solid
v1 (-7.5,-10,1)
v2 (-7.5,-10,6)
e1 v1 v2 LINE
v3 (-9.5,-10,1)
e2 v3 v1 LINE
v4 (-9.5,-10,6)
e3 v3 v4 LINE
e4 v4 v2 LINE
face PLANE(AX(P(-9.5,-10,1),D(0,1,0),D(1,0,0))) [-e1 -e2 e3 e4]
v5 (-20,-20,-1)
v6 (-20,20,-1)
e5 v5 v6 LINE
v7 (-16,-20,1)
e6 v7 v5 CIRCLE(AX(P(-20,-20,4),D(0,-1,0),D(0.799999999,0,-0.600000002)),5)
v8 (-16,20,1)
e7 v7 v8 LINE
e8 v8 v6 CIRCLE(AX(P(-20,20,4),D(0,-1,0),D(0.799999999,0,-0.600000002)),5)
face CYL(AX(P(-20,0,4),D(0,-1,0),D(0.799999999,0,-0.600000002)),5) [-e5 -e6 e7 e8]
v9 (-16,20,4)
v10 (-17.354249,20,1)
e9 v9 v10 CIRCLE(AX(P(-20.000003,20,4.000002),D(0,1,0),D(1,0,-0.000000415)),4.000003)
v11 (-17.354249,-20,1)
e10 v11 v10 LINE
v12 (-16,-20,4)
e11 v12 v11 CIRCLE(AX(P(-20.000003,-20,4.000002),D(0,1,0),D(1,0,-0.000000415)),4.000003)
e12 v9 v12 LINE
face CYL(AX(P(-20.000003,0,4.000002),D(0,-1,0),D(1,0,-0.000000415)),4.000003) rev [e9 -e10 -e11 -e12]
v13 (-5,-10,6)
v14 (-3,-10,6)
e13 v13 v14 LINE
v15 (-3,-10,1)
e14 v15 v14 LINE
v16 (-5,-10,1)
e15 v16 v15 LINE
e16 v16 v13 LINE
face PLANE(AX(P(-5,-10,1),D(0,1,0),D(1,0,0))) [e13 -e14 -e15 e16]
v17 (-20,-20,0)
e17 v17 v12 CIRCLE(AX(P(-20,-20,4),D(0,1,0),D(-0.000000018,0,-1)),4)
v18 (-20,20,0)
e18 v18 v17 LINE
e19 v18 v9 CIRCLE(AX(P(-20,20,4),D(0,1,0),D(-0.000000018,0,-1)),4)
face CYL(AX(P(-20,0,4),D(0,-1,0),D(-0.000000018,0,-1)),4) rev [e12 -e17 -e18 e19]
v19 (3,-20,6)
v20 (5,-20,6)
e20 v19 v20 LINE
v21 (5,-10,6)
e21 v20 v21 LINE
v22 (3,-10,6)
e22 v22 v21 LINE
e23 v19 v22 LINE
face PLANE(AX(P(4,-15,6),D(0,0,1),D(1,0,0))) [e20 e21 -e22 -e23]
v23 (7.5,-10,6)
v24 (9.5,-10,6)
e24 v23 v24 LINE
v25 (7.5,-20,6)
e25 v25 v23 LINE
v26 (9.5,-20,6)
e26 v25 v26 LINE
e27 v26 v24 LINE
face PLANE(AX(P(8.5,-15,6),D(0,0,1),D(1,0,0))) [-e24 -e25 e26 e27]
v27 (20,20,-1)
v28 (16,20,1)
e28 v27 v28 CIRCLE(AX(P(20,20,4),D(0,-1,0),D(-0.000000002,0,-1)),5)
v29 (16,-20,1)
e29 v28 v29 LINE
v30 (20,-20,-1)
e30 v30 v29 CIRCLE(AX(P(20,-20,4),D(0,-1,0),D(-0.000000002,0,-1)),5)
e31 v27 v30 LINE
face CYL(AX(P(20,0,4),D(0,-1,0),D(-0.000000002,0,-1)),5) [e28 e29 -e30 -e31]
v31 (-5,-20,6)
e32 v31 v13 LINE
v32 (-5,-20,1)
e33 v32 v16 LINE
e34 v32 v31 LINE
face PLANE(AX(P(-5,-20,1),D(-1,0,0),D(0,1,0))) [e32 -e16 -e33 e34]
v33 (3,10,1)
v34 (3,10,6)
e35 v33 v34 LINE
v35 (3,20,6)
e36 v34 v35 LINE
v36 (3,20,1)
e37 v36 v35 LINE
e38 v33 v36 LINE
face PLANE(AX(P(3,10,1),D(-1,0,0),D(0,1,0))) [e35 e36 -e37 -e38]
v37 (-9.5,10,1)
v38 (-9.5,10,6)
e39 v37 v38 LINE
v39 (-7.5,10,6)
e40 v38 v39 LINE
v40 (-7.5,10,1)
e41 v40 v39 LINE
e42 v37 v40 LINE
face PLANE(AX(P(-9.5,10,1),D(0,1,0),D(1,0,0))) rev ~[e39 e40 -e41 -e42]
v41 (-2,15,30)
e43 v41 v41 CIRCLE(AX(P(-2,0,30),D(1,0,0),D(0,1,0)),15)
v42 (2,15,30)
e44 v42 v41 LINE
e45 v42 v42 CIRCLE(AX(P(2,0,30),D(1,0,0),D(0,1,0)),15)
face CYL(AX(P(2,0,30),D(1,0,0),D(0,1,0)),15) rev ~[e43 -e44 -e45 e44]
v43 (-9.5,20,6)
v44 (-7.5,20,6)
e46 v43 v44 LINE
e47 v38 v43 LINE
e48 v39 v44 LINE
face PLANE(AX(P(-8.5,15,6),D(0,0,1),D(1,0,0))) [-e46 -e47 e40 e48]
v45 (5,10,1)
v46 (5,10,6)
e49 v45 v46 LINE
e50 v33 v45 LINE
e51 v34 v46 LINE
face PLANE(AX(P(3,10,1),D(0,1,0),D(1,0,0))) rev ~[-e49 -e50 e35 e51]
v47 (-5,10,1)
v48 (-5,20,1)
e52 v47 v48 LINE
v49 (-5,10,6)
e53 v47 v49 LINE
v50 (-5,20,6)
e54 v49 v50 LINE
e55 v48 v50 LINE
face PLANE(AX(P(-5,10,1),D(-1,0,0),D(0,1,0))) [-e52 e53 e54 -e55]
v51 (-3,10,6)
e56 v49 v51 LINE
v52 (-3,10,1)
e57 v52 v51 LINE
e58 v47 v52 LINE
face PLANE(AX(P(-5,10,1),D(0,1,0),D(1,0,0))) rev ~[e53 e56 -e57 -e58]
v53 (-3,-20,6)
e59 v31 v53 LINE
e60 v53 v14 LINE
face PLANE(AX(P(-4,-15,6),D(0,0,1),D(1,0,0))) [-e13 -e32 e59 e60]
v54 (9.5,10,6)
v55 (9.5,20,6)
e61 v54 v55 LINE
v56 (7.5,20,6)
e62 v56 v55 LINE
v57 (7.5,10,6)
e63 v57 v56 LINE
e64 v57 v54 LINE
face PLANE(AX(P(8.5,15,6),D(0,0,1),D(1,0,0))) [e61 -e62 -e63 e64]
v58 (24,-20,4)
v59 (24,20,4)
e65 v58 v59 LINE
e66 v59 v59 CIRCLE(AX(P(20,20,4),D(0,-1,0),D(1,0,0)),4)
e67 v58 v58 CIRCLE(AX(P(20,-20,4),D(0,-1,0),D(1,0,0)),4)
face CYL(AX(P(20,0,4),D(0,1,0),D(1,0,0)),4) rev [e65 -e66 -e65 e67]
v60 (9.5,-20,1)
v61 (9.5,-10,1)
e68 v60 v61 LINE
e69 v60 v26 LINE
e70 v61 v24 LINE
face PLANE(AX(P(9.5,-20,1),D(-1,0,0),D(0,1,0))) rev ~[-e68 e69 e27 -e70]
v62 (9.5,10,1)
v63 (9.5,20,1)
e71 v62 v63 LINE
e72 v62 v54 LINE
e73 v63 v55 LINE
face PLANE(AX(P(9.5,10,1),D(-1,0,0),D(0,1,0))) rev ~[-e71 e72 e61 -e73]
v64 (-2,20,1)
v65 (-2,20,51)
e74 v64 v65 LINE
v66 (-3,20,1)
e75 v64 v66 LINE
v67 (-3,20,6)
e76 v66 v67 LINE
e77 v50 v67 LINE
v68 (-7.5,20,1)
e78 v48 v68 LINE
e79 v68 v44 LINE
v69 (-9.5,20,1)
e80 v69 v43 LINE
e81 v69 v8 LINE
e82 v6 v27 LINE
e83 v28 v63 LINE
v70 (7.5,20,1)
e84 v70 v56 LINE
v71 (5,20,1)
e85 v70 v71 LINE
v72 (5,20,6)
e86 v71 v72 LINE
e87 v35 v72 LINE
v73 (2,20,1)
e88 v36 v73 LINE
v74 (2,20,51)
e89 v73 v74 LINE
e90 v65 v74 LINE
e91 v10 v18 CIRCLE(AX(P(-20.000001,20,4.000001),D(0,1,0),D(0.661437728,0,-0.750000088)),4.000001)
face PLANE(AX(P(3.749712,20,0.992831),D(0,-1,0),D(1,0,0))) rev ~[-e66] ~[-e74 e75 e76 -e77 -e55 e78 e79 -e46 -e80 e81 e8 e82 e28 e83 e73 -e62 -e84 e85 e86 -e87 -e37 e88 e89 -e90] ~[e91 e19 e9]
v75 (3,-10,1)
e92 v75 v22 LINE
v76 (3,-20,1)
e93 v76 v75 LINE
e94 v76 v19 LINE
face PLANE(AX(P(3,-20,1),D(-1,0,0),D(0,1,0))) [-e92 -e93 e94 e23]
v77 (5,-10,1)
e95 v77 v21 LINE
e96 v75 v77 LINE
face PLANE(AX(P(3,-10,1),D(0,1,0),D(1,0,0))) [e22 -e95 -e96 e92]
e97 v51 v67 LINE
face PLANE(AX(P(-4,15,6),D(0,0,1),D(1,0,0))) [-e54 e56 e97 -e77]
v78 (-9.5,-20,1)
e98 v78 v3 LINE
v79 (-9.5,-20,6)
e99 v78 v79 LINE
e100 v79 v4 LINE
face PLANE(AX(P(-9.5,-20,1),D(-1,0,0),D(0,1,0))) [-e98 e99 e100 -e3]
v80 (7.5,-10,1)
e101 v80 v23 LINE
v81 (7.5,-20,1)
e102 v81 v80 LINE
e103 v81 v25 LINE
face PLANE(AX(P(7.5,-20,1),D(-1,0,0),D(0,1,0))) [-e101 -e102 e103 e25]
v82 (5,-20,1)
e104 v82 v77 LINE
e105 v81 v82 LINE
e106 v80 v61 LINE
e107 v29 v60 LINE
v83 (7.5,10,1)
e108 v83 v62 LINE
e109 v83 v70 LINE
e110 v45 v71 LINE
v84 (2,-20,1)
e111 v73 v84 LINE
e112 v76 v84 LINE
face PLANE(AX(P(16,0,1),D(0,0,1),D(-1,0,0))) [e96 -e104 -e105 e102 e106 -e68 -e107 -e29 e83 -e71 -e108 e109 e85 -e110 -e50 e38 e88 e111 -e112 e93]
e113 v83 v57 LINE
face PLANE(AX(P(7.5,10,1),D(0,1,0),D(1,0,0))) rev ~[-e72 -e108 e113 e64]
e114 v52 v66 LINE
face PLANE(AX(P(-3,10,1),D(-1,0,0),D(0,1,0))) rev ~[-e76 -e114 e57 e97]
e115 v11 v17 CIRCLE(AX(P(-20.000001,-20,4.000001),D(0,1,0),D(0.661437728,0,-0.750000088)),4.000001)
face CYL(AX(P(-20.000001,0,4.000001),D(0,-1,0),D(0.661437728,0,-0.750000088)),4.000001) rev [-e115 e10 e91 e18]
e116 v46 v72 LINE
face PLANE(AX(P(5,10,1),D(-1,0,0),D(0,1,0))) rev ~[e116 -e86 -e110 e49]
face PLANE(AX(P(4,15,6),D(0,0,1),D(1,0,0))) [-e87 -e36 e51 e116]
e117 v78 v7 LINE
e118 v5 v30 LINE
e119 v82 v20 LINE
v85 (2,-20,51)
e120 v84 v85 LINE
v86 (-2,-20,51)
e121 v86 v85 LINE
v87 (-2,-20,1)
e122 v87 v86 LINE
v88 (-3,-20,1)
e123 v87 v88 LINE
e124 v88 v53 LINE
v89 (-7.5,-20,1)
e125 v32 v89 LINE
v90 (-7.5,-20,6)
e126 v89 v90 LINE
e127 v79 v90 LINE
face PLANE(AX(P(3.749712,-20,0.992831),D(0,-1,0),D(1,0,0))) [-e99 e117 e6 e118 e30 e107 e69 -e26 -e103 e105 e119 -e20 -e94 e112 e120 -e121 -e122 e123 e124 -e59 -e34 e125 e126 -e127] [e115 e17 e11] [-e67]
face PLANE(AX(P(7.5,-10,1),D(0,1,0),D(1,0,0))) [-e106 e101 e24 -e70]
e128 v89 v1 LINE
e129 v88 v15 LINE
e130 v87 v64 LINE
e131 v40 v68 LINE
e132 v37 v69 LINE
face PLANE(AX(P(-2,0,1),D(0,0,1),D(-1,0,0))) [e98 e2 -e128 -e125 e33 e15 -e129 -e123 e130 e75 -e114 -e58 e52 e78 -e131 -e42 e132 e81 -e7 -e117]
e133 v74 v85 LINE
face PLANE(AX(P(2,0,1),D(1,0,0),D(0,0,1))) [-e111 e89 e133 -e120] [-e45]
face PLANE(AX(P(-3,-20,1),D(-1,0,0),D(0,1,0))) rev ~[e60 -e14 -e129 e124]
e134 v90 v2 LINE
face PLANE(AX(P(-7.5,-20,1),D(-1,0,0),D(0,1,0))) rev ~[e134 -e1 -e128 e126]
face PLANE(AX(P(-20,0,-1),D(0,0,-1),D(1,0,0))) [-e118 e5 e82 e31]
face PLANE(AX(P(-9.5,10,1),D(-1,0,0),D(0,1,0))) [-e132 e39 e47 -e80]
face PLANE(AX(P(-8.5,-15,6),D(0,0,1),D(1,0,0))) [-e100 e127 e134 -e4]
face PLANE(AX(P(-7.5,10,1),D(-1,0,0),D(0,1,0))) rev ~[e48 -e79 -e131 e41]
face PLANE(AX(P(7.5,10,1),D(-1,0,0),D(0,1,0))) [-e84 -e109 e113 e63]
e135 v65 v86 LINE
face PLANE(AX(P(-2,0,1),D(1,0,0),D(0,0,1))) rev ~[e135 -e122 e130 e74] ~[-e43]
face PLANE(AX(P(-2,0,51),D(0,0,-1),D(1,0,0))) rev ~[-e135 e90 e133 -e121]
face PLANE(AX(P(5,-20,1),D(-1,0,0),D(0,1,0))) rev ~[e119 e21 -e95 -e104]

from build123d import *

# Parameters (mm, degrees)
F0_R     = 4
F0_W     = 4
F0_H     = 50
F1_DEPTH = 20
F2_W     = 2
F2_H     = 10
F3_DEPTH = 5
F4_R     = 15
F5_DEPTH = 25
F6_DEPTH = 5


with BuildPart() as f1:
    # F0 (on Front) → F1 (new body, symmetric)
    with BuildSketch(Plane.XZ):
        with BuildLine():
            Line((-20, -1), (20, -1))
            ThreePointArc((20, -1), (22.236068, 8.472136), (16, 1))
            Line((16, 1), (2, 1))
            Line((2, 1), (-2, 1))
            Line((-2, 1), (-16, 1))
            Line((-16, 1), (-17.354249, 1))
            ThreePointArc((-17.354249, 1), (-18.585786, 0.258343), (-20, 0))
            Line((-20, 0), (-20, -1))
        make_face()
        with Locations((20, 4)):
            Circle(F0_R, mode=Mode.SUBTRACT)
        with BuildLine():
            ThreePointArc((-16, 1), (-22.236068, 8.472136), (-20, -1))
            Line((-20, -1), (-20, 0))
            ThreePointArc((-20, 0), (-22.828427, 6.828427), (-16, 4))
            ThreePointArc((-16, 4), (-16.354249, 2.354249), (-17.354249, 1))
            Line((-17.354249, 1), (-16, 1))
        make_face()
        with Locations((0, 26)):
            Rectangle(F0_W, F0_H)
    extrude(amount=F1_DEPTH, both=True)

    # F2 (on face) → F3 (join)
    with BuildSketch(Plane.XY.offset(1)):
        with Locations((8.5, -15)):
            Rectangle(F2_W, F2_H)
        with Locations((4, -15)):
            Rectangle(F2_W, F2_H)
        with Locations((-8.5, -15)):
            Rectangle(F2_W, F2_H)
        with Locations((-4, -15)):
            Rectangle(F2_W, F2_H)
        with Locations((8.5, 15)):
            Rectangle(F2_W, F2_H)
        with Locations((-8.5, 15)):
            Rectangle(F2_W, F2_H)
        with Locations((-4, 15)):
            Rectangle(F2_W, F2_H)
        with Locations((4, 15)):
            Rectangle(F2_W, F2_H)
    extrude(amount=F3_DEPTH)

    # F4 (on face) → F5 (cut)
    with BuildSketch(Plane.YZ.offset(2)):
        with Locations((0, 30)):
            Circle(F4_R)
    extrude(amount=-F5_DEPTH, mode=Mode.SUBTRACT)

    # F2 (on face) → F6 (join)
    with BuildSketch(Plane.XY.offset(1)):
        with Locations((8.5, -15)):
            Rectangle(F2_W, F2_H)
        with Locations((4, -15)):
            Rectangle(F2_W, F2_H)
        with Locations((-8.5, -15)):
            Rectangle(F2_W, F2_H)
        with Locations((-4, -15)):
            Rectangle(F2_W, F2_H)
        with Locations((8.5, 15)):
            Rectangle(F2_W, F2_H)
        with Locations((-8.5, 15)):
            Rectangle(F2_W, F2_H)
        with Locations((-4, 15)):
            Rectangle(F2_W, F2_H)
        with Locations((4, 15)):
            Rectangle(F2_W, F2_H)
    extrude(amount=F6_DEPTH)


solid = f1.part
